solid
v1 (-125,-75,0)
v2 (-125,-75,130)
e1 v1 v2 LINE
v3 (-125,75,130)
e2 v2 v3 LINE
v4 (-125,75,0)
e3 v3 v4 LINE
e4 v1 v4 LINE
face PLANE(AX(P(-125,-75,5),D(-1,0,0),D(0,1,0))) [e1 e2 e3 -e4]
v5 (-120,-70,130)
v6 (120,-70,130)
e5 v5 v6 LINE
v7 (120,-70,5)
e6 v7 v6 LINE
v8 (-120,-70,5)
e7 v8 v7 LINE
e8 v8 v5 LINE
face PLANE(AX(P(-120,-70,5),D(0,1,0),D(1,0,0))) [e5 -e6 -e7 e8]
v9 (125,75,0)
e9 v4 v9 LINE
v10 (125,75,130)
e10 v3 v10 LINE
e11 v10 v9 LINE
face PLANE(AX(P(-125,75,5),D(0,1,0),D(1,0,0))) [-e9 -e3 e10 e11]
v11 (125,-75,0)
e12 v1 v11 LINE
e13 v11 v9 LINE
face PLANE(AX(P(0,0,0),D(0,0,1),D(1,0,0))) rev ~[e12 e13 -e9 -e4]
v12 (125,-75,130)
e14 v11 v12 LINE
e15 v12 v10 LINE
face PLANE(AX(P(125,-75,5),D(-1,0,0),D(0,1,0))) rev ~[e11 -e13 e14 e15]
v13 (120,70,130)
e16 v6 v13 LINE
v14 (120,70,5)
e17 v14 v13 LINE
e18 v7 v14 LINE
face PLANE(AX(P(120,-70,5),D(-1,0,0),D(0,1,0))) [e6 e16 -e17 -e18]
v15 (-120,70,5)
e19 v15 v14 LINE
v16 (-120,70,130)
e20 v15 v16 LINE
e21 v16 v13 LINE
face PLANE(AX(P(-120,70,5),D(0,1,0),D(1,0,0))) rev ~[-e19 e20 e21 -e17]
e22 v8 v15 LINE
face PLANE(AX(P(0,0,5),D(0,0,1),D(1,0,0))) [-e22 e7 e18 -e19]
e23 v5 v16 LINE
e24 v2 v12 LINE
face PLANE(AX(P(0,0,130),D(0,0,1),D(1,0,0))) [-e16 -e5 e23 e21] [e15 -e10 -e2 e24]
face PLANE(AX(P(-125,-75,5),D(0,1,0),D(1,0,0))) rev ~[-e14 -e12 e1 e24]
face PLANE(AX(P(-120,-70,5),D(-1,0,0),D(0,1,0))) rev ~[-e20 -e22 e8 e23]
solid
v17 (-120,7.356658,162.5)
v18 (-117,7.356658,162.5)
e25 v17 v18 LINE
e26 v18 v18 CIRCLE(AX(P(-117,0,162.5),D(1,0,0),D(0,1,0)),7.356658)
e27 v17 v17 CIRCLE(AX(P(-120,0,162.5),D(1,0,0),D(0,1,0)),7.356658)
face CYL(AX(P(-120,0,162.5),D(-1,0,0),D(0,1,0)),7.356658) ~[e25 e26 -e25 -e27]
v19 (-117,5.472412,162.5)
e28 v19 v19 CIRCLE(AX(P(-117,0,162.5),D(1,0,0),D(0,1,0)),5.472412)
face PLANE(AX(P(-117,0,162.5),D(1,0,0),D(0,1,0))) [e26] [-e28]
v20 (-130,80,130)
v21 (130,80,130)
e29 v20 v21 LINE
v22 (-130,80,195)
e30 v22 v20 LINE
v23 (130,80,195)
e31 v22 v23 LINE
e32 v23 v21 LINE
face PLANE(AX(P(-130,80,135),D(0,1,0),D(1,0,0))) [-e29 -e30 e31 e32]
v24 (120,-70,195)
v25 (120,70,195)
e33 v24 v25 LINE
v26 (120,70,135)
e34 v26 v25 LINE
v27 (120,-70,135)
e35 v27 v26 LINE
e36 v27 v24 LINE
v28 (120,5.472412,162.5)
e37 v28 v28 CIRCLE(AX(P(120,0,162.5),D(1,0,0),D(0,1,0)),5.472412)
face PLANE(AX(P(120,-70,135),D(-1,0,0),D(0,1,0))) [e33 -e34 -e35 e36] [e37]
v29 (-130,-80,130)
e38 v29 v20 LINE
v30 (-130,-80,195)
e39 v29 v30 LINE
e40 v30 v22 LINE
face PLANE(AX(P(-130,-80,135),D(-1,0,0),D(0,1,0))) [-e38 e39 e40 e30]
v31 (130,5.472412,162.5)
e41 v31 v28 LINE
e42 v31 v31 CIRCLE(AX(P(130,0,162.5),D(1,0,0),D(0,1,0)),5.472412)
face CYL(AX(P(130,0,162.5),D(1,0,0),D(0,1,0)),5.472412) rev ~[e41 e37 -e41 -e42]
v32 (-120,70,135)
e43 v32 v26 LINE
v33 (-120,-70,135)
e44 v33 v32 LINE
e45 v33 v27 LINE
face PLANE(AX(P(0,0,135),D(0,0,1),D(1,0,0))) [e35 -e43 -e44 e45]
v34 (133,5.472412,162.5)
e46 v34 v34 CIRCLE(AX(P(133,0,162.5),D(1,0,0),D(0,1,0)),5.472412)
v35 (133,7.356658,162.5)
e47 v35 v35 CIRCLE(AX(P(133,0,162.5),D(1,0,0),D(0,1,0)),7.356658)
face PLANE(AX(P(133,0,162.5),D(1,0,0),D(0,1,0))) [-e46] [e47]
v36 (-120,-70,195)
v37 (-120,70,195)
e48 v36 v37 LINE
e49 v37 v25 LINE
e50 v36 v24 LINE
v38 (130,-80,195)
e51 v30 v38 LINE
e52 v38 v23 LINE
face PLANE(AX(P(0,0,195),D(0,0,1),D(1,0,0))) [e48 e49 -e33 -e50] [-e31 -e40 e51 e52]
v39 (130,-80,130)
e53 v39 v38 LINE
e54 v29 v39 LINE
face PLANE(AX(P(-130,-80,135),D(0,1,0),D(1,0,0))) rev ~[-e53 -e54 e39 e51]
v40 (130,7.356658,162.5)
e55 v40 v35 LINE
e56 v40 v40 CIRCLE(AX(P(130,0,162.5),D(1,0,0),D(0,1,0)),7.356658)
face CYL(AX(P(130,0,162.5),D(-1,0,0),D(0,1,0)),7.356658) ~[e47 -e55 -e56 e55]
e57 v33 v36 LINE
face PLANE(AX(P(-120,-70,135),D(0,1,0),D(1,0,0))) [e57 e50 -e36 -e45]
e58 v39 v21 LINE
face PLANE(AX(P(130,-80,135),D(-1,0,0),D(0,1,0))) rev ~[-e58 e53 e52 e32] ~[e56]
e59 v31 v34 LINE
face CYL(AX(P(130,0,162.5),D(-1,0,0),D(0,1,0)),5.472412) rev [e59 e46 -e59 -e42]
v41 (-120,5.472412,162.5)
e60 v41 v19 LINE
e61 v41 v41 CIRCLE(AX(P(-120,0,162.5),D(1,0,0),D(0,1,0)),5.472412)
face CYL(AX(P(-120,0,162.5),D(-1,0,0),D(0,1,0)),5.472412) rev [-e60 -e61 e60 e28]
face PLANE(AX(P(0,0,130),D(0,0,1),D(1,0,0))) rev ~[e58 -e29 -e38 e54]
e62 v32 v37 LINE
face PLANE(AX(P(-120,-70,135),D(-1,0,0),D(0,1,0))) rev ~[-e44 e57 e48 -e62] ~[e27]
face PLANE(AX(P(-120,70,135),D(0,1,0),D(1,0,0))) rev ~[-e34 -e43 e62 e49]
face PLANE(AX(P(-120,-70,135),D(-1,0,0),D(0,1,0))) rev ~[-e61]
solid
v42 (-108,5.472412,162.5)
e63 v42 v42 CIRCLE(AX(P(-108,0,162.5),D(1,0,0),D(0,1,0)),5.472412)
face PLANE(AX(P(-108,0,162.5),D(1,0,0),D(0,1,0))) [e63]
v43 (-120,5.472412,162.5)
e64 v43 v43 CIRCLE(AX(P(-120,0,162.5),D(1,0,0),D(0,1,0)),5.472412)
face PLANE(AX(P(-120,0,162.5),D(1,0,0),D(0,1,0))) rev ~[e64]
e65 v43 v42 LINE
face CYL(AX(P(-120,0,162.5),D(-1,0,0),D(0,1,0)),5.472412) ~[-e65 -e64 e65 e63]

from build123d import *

# Parameters (mm, degrees)
F0_W      = 250
F0_H      = 150
F1_DEPTH  = 5
F2_W      = 250
F2_H      = 150
F2_W_2    = 240
F2_H_2    = 140
F3_DEPTH  = 125
F4_W      = 260
F4_H      = 160
F5_DEPTH  = 5
F6_W      = 260
F6_H      = 160
F6_W_2    = 240
F6_H_2    = 140
F7_DEPTH  = 60
F8_R      = 5.472412
F9_DEPTH  = 25
F10_R     = 7.356658
F10_R_2   = 5.472412
F11_DEPTH = 3
F12_R     = 7.356658
F12_R_2   = 5.472412
F13_DEPTH = 3
F15_R     = 5.472412
F16_DEPTH = 12


with BuildPart() as f1:
    # F0 (on Top) → F1 (new body)
    with BuildSketch(Plane.XY):
        Rectangle(F0_W, F0_H)
    extrude(amount=F1_DEPTH)

    # F2 (on face) → F3 (join)
    with BuildSketch(Plane.XY.offset(5)):
        Rectangle(F2_W, F2_H)
        Rectangle(F2_W_2, F2_H_2, mode=Mode.SUBTRACT)
    extrude(amount=F3_DEPTH)


with BuildPart() as f5:
    # F4 (on face) → F5 (new body)
    with BuildSketch(Plane.XY.offset(130)):
        Rectangle(F4_W, F4_H)
    extrude(amount=F5_DEPTH)

    # F6 (on face) → F7 (join)
    with BuildSketch(Plane.XY.offset(135)):
        Rectangle(F6_W, F6_H)
        Rectangle(F6_W_2, F6_H_2, mode=Mode.SUBTRACT)
    extrude(amount=F7_DEPTH)

    # F8 (on face) → F9 (cut)
    with BuildSketch(Plane.YZ.offset(130)):
        with Locations((0, 162.5)):
            Circle(F8_R)
    extrude(amount=-F9_DEPTH, mode=Mode.SUBTRACT)

    # F10 (on face) → F11 (join)
    with BuildSketch(Plane.YZ.offset(130)):
        with Locations((0, 162.5)):
            Circle(F10_R)
        with Locations((0, 162.5)):
            Circle(F10_R_2, mode=Mode.SUBTRACT)
    extrude(amount=F11_DEPTH)

    # F12 (on face) → F13 (join)
    with BuildSketch(Plane.YZ.offset(-120)):
        with Locations((0, 162.5)):
            Circle(F12_R)
        with Locations((0, 162.5)):
            Circle(F12_R_2, mode=Mode.SUBTRACT)
    extrude(amount=F13_DEPTH)


with BuildPart() as f16:
    # F15 (on face) → F16 (new body)
    with BuildSketch(Plane.YZ.offset(-120)):
        with Locations((0, 162.5)):
            Circle(F15_R)
    extrude(amount=F16_DEPTH)


solid = Compound([f1.part, f5.part, f16.part])
